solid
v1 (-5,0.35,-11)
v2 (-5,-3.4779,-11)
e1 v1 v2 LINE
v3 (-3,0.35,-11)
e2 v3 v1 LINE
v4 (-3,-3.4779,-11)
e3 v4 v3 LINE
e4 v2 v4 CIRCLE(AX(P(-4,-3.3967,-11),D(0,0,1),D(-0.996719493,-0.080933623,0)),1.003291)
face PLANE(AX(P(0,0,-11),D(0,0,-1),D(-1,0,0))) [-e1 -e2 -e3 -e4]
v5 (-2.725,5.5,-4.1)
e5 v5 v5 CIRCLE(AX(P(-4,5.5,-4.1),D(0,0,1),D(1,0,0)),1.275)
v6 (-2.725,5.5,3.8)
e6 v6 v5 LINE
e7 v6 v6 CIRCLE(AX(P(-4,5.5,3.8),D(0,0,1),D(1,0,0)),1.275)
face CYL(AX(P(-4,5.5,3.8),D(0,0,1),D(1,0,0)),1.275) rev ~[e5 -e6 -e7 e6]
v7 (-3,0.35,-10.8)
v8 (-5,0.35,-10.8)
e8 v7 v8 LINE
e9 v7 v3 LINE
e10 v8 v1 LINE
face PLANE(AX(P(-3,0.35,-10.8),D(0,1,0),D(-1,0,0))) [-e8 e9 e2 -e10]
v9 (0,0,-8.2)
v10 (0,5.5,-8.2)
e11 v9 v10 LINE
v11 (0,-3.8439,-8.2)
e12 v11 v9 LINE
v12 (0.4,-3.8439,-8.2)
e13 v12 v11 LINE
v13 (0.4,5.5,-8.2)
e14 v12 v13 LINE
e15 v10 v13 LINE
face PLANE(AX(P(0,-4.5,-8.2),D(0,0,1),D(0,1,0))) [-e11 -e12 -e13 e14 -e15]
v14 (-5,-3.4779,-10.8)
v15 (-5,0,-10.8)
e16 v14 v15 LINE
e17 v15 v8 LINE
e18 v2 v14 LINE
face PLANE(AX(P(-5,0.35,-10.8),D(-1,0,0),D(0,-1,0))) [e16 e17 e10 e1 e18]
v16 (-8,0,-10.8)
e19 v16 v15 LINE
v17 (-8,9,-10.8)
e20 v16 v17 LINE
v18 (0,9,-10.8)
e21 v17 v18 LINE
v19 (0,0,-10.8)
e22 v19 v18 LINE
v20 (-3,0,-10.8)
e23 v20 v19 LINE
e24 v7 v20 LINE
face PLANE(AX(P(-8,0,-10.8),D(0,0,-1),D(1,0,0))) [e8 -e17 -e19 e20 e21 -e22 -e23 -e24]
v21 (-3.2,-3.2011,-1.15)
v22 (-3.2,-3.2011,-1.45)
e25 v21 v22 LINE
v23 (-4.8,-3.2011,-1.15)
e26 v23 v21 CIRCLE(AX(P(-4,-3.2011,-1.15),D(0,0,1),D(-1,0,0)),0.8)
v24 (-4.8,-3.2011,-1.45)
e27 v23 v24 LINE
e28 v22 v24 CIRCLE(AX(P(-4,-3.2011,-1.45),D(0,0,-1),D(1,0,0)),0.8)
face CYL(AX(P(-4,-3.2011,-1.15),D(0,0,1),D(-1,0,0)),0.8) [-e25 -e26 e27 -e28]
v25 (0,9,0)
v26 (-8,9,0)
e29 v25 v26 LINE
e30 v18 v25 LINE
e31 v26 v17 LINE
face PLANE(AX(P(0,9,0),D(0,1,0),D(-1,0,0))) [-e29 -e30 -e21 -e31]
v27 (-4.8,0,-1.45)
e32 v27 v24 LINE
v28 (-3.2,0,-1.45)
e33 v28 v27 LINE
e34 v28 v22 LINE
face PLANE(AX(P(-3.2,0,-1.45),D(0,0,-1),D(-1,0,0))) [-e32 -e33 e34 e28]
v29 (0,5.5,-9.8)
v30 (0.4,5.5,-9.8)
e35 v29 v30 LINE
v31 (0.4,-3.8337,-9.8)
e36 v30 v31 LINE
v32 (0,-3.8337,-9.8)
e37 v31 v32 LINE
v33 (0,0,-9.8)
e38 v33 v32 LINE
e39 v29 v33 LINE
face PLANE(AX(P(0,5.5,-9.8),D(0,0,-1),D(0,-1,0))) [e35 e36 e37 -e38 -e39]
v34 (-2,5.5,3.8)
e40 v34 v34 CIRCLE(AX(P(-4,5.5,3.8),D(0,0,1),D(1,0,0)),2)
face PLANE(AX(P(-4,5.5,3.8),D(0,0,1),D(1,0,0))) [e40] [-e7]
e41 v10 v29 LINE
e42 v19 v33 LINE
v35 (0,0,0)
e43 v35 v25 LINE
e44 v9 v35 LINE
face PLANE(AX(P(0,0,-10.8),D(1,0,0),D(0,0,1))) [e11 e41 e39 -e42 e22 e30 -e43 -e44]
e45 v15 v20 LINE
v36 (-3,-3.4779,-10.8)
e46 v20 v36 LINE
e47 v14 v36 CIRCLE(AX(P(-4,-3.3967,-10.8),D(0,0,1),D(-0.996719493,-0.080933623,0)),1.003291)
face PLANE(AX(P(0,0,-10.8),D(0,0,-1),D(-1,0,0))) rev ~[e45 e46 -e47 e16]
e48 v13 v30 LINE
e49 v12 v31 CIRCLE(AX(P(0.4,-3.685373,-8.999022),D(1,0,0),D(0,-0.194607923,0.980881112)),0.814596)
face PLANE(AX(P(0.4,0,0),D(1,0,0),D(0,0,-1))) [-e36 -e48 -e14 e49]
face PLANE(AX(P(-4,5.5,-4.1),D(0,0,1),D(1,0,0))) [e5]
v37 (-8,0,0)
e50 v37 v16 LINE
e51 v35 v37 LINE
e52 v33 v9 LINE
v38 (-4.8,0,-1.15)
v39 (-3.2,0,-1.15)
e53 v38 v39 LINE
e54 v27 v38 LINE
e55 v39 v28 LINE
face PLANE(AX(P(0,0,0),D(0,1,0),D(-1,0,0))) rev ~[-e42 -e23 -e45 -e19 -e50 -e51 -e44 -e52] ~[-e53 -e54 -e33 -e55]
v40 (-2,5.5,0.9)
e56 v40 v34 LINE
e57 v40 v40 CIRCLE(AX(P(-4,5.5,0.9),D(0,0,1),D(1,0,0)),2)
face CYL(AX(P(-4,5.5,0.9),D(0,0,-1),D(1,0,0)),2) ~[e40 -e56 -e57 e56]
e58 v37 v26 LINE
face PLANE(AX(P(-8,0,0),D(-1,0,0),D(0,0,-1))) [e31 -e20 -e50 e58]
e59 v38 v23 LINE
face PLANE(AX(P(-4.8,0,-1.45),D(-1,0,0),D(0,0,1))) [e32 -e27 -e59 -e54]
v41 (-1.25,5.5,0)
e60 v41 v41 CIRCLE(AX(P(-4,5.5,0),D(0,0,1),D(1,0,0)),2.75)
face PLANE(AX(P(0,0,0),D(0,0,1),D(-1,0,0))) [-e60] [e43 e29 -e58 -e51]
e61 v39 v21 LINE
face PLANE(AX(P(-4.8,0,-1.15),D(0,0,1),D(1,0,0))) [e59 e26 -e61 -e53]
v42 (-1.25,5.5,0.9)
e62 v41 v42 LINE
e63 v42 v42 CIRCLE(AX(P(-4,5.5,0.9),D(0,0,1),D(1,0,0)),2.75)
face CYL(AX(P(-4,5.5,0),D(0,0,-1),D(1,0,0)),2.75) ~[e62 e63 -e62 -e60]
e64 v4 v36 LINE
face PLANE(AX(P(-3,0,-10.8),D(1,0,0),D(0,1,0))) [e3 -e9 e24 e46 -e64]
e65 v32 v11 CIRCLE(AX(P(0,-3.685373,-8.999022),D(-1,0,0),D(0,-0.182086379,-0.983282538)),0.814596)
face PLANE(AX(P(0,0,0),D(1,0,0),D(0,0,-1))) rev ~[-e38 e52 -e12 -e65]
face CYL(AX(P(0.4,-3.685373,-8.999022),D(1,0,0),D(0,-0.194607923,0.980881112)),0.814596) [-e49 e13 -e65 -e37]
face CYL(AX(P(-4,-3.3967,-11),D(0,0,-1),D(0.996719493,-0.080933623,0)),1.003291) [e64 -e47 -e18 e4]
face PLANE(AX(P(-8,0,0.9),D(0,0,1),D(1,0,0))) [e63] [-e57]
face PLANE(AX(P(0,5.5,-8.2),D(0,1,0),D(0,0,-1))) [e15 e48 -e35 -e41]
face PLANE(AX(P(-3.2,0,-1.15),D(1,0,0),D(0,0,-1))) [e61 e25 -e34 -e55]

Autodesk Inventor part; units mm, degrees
ref_plane "YZ Plane" through (0, 0, 0) normal (1, 0, 0) x (0, 1, 0)
ref_plane "XZ Plane" through (0, 0, 0) normal (0, 1, 0) x (-1, 0, 0)
ref_plane "XY Plane" through (0, 0, 0) normal (0, 0, 1) x (1, 0, 0)
sketch "Эскиз1" plane through (0, 0, 0) normal (0, 1, 0) x (-1, 0, 0)
  line L0 (0, 0) -> (8, 0)
  line L1 (8, 0) -> (8, -10.8)
  line L2 (8, -10.8) -> (0, -10.8)
  line L3 (0, -10.8) -> (0, 0)
  dimension "d0" = 10.8
  dimension "d1" = 8
extrude "Выдавливание1" add sketch "Эскиз1" along normal blind 9
sketch "Эскиз2" plane through (-8, 0, 0) normal (0, 0, 1) x (1, 0, 0)
  circle A0 centre (4, 5.5) radius 2.75
  line L0 (8, 0) -> (8, 9) projected
  line L1 (0, 0) -> (8, 0) projected
  dimension "d4" = 5.5
  dimension "d5" = 4
  dimension "d6" = 5.5
extrude "Выдавливание2" add sketch "Эскиз2" along normal blind 0.9
sketch "Эскиз3" plane through (-4, 5.5, 0.9) normal (0, 0, 1) x (1, 0, 0)
  circle A0 centre (0, 0) radius 2
  point P0 (4, -5.5)
  dimension "d9" = 4
extrude "Выдавливание3" add sketch "Эскиз3" along normal blind 2.9
sketch "Эскиз4" plane through (-4, 5.5, 3.8) normal (0, 0, 1) x (1, 0, 0)
  circle A0 centre (0, 0) radius 2.75 projected
  circle A1 centre (0, 0) radius 1.275
  point P0 (4, -5.5)
  dimension "d12" = 2.55
extrude "Выдавливание4" cut sketch "Эскиз4" against normal blind 7.9 contours A1
sketch "Эскиз5" plane through (-8, 0, 0) normal (0, 0, 1) x (1, 0, 0)
  point P0 (8, 0)
sketch "Эскиз6" plane through (0, 0, 0) normal (0, -1, 0) x (1, 0, 0)
  line L0 (-4.8, -1.15) -> (-3.2, -1.15)
  line L1 (-3.2, -1.15) -> (-3.2, -1.45)
  line L2 (-3.2, -1.45) -> (-4.8, -1.45)
  line L3 (-4.8, -1.45) -> (-4.8, -1.15)
  line L4 (0, 0) -> (0, -10.8) projected
  line L5 (-8, 0) -> (0, 0) projected
  dimension "d15" = 1.6
  dimension "d16" = 0.3
  dimension "d17" = 3.2
  dimension "d18" = 1.15
extrude "Выдавливание5" add sketch "Эскиз6" along normal blind 4
sketch "Эскиз7" plane through (-4.8, 0, -1.15) normal (0, 0, 1) x (1, 0, 0)
  line L0 (0, 0) -> (0, -4) projected
  line L1 (1.6, 0) -> (1.6, -4) projected
  arc A0 (0, -3.2011) -> (1.6, -3.2011) centre (0.8, -3.2011) ccw
  line L2 (0, -3.2011) -> (0, -4)
  line L3 (1.6, -4) -> (0, -4) projected
  line L4 (1.6, -4) -> (1.6, -3.2011)
  point P0 (4.8, 0)
  point P1 (0.7588, -4)
  point P2 (0.8412, -4)
extrude "Выдавливание6" cut sketch "Эскиз7" against normal blind 4
sketch "Эскиз8" plane through (0, 0, 0) normal (1, 0, 0) x (0, 0, -1)
  line L0 (8.2, 5.5) -> (9.8, 5.5)
  line L1 (9.8, 5.5) -> (9.8, -4.5)
  line L2 (9.8, -4.5) -> (8.2, -4.5)
  line L3 (8.2, -4.5) -> (8.2, 5.5)
  line L4 (0, 9) -> (10.8, 9) projected
  line L5 (0, 0) -> (0, 9) projected
  dimension "d23" = 1.6
  dimension "d24" = 3.5
  dimension "d25" = 8.2
  dimension "d26" = 10
extrude "Выдавливание7" add sketch "Эскиз8" along normal blind 0.4
sketch "Эскиз9" plane through (0.4, 0, 0) normal (1, 0, 0) x (0, 0, -1)
  line L0 (8.2, 0) -> (8.2, -4.5) projected
  line L1 (9.8, -4.5) -> (9.8, 0) projected
  arc A0 (8.2, -3.8439) -> (9.8, -3.8337) centre (8.999, -3.6854) ccw
  line L2 (8.2, -3.8439) -> (8.2, -4.5)
  line L3 (8.2, -4.5) -> (9.8, -4.5) projected
  line L4 (9.8, -4.5) -> (9.8, -3.8337)
  point P0 (0, 0)
  point P1 (8.9981, -4.5)
extrude "Выдавливание8" cut sketch "Эскиз9" against normal blind 0.4
sketch "Эскиз10" plane through (0, 0, -10.8) normal (0, 0, -1) x (-1, 0, 0)
  line L0 (3, 0.35) -> (5, 0.35)
  line L1 (5, 0.35) -> (5, -4.4)
  line L2 (5, -4.4) -> (3, -4.4)
  line L3 (3, -4.4) -> (3, 0.35)
  line L4 (8, 0) -> (8, 9) projected
  line L5 (0, 0) -> (8, 0) projected
  dimension "d31" = 2
  dimension "d32" = 3
  dimension "d33" = 4.75
  dimension "d34" = 0.35
extrude "Выдавливание9" add sketch "Эскиз10" along normal blind 0.2
sketch "Эскиз11" plane through (0, 0, -11) normal (0, 0, -1) x (-1, 0, 0)
  line L0 (3, 0.35) -> (3, -4.4) projected
  line L1 (5, -4.4) -> (5, 0.35) projected
  arc A0 (3, -3.4779) -> (5, -3.4779) centre (4, -3.3967) ccw
  line L2 (3, -4.4) -> (5, -4.4) projected
  line L3 (3, -3.4779) -> (3, -4.4)
  line L4 (3, -4.4) -> (5, -4.4)
  line L5 (5, -4.4) -> (5, -3.4779)
  point P0 (0, 0)
  point P1 (4, -4.4)
extrude "Выдавливание10" cut sketch "Эскиз11" against normal blind 0.2
properties part number "PY-401N"
